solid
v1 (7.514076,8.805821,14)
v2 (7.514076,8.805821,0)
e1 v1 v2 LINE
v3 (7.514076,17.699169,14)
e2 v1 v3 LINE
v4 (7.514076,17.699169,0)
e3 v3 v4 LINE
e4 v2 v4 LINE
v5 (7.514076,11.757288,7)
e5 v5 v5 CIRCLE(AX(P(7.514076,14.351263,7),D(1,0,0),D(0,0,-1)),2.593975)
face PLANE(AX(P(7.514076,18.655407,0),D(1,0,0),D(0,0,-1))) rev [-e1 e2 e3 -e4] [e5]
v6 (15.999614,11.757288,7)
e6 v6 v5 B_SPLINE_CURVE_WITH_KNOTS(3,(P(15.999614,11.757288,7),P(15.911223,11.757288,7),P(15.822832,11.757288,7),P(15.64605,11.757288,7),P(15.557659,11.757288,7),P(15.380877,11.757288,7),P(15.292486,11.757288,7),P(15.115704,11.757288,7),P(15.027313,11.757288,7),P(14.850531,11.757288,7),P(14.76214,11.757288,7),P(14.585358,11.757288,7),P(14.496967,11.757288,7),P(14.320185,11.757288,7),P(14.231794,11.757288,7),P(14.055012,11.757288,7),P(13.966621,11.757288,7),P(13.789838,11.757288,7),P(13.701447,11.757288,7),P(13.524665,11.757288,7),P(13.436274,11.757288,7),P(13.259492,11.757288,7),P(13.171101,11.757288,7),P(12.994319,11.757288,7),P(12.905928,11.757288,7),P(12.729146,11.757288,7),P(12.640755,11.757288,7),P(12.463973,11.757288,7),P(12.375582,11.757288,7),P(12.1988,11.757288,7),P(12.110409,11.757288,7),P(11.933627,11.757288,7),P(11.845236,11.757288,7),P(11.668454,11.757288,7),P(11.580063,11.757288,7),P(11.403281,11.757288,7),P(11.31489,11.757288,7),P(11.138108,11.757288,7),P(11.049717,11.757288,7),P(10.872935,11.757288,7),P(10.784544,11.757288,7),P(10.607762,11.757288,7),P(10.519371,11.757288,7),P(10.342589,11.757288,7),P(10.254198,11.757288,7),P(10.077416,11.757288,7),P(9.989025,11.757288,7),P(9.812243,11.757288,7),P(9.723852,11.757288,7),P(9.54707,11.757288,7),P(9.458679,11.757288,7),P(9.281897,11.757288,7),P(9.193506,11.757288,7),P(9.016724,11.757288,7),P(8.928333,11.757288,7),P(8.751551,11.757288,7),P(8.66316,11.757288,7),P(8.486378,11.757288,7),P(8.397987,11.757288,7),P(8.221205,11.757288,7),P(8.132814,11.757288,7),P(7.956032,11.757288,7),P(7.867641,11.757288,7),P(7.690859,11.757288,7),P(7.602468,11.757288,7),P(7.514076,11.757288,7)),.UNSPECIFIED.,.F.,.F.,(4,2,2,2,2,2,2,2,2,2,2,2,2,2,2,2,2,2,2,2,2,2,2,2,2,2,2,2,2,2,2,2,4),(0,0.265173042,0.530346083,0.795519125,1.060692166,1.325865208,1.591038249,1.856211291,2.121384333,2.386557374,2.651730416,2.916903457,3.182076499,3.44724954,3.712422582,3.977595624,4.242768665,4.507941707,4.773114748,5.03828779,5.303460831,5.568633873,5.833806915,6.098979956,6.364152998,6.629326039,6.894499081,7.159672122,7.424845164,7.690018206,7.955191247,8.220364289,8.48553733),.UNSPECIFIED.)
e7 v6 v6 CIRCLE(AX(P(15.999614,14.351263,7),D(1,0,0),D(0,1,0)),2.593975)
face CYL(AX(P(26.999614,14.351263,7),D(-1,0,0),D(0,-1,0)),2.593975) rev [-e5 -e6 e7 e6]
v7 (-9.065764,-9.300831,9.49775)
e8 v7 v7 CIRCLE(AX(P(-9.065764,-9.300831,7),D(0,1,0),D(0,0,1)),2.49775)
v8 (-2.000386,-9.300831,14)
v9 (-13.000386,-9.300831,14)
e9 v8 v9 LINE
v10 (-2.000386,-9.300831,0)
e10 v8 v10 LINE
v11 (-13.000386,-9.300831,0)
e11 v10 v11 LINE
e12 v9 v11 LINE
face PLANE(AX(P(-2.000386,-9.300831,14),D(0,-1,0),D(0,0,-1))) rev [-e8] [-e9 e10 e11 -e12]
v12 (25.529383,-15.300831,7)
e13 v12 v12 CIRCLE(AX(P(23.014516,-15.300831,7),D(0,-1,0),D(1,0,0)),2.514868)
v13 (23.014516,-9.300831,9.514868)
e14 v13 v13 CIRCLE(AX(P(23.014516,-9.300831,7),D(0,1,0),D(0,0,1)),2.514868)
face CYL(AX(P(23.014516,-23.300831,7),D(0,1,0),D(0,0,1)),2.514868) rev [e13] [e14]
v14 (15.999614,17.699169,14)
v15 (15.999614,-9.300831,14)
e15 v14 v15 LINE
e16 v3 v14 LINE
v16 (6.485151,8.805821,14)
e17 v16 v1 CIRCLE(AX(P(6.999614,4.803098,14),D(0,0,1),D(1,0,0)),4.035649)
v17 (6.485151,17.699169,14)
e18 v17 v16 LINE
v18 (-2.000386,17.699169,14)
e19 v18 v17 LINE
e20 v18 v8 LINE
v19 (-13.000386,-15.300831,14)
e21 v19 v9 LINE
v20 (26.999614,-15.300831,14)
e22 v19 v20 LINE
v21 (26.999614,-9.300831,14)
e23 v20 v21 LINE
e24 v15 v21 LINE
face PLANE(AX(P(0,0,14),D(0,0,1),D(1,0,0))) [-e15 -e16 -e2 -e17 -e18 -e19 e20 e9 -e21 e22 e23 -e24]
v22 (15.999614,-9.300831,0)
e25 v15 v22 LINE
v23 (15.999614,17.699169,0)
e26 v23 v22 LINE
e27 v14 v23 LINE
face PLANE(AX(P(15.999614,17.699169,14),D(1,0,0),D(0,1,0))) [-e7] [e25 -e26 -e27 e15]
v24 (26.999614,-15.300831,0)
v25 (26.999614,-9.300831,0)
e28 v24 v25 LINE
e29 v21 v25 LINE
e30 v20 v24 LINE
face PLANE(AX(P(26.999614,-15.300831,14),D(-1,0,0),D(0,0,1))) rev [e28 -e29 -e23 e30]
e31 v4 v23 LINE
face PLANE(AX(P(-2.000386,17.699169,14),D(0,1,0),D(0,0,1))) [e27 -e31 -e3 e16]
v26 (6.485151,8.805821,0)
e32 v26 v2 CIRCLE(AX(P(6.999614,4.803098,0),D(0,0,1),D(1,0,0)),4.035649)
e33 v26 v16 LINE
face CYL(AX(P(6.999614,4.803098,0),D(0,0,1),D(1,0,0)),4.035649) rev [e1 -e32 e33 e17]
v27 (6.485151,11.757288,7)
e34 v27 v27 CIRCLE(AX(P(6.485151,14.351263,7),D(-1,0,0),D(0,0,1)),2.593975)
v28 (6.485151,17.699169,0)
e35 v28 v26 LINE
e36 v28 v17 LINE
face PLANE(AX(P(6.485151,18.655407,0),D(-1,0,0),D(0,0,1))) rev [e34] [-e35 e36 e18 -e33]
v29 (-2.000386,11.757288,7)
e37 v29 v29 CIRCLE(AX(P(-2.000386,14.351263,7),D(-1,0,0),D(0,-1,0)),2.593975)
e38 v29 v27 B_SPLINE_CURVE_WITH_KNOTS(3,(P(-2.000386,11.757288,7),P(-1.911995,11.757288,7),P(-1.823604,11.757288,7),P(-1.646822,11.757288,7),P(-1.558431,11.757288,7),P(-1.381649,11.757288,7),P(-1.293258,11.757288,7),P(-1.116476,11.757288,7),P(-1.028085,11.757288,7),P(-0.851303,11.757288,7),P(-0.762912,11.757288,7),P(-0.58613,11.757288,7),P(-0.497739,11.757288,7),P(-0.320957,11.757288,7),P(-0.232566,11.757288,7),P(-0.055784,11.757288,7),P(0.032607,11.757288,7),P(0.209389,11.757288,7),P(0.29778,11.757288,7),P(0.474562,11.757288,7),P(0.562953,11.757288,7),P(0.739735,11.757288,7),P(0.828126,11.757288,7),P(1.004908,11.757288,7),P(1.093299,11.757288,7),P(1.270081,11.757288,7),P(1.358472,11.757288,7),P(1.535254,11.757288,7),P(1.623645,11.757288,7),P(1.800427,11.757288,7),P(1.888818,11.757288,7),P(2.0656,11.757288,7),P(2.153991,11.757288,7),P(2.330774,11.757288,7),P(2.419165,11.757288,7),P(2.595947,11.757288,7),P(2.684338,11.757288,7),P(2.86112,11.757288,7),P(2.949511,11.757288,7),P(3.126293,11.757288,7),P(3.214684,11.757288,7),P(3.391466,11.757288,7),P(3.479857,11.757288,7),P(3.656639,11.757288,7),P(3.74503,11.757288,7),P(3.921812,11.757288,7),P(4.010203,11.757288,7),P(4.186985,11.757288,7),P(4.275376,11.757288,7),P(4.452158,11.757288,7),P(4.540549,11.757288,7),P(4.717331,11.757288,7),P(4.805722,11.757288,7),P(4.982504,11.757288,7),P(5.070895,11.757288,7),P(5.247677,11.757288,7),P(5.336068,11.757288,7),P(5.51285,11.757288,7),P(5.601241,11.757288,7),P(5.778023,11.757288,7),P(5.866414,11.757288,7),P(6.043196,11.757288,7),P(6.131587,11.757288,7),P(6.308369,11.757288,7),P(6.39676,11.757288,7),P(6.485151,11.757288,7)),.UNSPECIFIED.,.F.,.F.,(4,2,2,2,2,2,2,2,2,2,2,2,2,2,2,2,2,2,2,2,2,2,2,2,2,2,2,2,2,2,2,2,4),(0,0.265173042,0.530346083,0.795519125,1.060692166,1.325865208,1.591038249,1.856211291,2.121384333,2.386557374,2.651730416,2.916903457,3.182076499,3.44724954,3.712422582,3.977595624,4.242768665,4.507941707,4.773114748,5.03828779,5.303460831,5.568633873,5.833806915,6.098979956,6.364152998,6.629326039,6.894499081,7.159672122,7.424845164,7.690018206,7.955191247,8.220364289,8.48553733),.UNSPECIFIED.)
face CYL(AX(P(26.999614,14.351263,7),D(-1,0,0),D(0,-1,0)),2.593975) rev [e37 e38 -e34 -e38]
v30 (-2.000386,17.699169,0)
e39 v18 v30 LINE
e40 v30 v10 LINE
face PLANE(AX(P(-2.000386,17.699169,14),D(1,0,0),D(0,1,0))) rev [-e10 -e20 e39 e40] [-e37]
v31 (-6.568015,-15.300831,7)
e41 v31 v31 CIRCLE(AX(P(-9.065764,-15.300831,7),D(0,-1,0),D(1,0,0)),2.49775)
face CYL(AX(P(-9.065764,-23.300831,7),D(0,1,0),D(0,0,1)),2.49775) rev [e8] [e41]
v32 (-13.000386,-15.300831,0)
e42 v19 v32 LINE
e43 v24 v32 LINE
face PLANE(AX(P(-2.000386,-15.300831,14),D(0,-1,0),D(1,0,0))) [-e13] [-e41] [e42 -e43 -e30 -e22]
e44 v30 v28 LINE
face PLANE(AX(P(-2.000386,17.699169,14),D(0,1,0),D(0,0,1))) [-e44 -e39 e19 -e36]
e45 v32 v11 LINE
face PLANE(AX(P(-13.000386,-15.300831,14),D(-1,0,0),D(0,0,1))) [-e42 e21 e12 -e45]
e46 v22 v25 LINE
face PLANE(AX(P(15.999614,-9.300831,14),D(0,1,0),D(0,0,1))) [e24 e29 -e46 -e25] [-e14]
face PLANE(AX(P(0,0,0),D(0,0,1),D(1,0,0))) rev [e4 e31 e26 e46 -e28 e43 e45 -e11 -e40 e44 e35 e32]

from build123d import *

# Parameters (mm, degrees)
SALIENTE_EXTRUIR1_DEPTH = 14
CROQUIS2_R              = 4.035649311
CORTAR_EXTRUIR1_DEPTH   = 14
CROQUIS5_R              = 2.497749653
CORTAR_EXTRUIR2_DEPTH   = 14
CROQUIS7_R              = 2.514867633
CORTAR_EXTRUIR3_DEPTH   = 14
CROQUIS8_W              = 1.02892534
CROQUIS8_H              = 10.439450899
CORTAR_EXTRUIR4_DEPTH   = 14
CROQUIS9_R              = 2.593975345
CORTAR_EXTRUIR5_DEPTH   = 37.745892113


with BuildPart() as part:
    # Croquis1 → Saliente-Extruir1 (new body)
    with BuildSketch(Plane.XY):
        Polygon((-2.000386176, 17.69916911), (15.999613824, 17.69916911), (15.999613824, -9.30083089), (26.999613824, -9.30083089), (26.999613824, -15.30083089), (15.999613824, -15.30083089), (-2.000386176, -15.30083089), (-13.000386176, -15.30083089), (-13.000386176, -9.30083089), (-2.000386176, -9.30083089), align=None)
    extrude(amount=SALIENTE_EXTRUIR1_DEPTH)

    # Croquis2 → Cortar-Extruir1 (cut)
    with BuildSketch(Plane.XY.offset(14)):
        with Locations((6.999613824, 4.803097651)):
            Circle(CROQUIS2_R)
    extrude(amount=-CORTAR_EXTRUIR1_DEPTH, mode=Mode.SUBTRACT)

    # Croquis5 → Cortar-Extruir2 (cut)
    with BuildSketch(Plane(origin=(0, -9.30083089, 0), x_dir=(1, 0, 0), z_dir=(0, 1, 0))):
        with Locations(Location((-9.06576441, -7, 0), (0, 0, 270))):
            Circle(CROQUIS5_R)
    extrude(amount=-CORTAR_EXTRUIR2_DEPTH, mode=Mode.SUBTRACT)

    # Croquis7 → Cortar-Extruir3 (cut)
    with BuildSketch(Plane(origin=(0, -9.30083089, 0), x_dir=(1, 0, 0), z_dir=(0, 1, 0))):
        with Locations(Location((23.014515722, -7, 0), (0, 0, 270))):
            Circle(CROQUIS7_R)
    extrude(amount=-CORTAR_EXTRUIR3_DEPTH, mode=Mode.SUBTRACT)

    # Croquis8 → Cortar-Extruir4 (cut)
    with BuildSketch(Plane.XY.offset(14)):
        with Locations((6.999613824, 13.435682)):
            Rectangle(CROQUIS8_W, CROQUIS8_H)
    extrude(amount=-CORTAR_EXTRUIR4_DEPTH, mode=Mode.SUBTRACT)

    # Croquis9 → Cortar-Extruir5 (cut, through all)
    with BuildSketch(Plane.ZY.offset(2.000386176)):
        with Locations(Location((7, 14.351263228, 0), (0, 0, 270))):
            Circle(CROQUIS9_R)
    extrude(amount=-CORTAR_EXTRUIR5_DEPTH, mode=Mode.SUBTRACT)


solid = part.part
